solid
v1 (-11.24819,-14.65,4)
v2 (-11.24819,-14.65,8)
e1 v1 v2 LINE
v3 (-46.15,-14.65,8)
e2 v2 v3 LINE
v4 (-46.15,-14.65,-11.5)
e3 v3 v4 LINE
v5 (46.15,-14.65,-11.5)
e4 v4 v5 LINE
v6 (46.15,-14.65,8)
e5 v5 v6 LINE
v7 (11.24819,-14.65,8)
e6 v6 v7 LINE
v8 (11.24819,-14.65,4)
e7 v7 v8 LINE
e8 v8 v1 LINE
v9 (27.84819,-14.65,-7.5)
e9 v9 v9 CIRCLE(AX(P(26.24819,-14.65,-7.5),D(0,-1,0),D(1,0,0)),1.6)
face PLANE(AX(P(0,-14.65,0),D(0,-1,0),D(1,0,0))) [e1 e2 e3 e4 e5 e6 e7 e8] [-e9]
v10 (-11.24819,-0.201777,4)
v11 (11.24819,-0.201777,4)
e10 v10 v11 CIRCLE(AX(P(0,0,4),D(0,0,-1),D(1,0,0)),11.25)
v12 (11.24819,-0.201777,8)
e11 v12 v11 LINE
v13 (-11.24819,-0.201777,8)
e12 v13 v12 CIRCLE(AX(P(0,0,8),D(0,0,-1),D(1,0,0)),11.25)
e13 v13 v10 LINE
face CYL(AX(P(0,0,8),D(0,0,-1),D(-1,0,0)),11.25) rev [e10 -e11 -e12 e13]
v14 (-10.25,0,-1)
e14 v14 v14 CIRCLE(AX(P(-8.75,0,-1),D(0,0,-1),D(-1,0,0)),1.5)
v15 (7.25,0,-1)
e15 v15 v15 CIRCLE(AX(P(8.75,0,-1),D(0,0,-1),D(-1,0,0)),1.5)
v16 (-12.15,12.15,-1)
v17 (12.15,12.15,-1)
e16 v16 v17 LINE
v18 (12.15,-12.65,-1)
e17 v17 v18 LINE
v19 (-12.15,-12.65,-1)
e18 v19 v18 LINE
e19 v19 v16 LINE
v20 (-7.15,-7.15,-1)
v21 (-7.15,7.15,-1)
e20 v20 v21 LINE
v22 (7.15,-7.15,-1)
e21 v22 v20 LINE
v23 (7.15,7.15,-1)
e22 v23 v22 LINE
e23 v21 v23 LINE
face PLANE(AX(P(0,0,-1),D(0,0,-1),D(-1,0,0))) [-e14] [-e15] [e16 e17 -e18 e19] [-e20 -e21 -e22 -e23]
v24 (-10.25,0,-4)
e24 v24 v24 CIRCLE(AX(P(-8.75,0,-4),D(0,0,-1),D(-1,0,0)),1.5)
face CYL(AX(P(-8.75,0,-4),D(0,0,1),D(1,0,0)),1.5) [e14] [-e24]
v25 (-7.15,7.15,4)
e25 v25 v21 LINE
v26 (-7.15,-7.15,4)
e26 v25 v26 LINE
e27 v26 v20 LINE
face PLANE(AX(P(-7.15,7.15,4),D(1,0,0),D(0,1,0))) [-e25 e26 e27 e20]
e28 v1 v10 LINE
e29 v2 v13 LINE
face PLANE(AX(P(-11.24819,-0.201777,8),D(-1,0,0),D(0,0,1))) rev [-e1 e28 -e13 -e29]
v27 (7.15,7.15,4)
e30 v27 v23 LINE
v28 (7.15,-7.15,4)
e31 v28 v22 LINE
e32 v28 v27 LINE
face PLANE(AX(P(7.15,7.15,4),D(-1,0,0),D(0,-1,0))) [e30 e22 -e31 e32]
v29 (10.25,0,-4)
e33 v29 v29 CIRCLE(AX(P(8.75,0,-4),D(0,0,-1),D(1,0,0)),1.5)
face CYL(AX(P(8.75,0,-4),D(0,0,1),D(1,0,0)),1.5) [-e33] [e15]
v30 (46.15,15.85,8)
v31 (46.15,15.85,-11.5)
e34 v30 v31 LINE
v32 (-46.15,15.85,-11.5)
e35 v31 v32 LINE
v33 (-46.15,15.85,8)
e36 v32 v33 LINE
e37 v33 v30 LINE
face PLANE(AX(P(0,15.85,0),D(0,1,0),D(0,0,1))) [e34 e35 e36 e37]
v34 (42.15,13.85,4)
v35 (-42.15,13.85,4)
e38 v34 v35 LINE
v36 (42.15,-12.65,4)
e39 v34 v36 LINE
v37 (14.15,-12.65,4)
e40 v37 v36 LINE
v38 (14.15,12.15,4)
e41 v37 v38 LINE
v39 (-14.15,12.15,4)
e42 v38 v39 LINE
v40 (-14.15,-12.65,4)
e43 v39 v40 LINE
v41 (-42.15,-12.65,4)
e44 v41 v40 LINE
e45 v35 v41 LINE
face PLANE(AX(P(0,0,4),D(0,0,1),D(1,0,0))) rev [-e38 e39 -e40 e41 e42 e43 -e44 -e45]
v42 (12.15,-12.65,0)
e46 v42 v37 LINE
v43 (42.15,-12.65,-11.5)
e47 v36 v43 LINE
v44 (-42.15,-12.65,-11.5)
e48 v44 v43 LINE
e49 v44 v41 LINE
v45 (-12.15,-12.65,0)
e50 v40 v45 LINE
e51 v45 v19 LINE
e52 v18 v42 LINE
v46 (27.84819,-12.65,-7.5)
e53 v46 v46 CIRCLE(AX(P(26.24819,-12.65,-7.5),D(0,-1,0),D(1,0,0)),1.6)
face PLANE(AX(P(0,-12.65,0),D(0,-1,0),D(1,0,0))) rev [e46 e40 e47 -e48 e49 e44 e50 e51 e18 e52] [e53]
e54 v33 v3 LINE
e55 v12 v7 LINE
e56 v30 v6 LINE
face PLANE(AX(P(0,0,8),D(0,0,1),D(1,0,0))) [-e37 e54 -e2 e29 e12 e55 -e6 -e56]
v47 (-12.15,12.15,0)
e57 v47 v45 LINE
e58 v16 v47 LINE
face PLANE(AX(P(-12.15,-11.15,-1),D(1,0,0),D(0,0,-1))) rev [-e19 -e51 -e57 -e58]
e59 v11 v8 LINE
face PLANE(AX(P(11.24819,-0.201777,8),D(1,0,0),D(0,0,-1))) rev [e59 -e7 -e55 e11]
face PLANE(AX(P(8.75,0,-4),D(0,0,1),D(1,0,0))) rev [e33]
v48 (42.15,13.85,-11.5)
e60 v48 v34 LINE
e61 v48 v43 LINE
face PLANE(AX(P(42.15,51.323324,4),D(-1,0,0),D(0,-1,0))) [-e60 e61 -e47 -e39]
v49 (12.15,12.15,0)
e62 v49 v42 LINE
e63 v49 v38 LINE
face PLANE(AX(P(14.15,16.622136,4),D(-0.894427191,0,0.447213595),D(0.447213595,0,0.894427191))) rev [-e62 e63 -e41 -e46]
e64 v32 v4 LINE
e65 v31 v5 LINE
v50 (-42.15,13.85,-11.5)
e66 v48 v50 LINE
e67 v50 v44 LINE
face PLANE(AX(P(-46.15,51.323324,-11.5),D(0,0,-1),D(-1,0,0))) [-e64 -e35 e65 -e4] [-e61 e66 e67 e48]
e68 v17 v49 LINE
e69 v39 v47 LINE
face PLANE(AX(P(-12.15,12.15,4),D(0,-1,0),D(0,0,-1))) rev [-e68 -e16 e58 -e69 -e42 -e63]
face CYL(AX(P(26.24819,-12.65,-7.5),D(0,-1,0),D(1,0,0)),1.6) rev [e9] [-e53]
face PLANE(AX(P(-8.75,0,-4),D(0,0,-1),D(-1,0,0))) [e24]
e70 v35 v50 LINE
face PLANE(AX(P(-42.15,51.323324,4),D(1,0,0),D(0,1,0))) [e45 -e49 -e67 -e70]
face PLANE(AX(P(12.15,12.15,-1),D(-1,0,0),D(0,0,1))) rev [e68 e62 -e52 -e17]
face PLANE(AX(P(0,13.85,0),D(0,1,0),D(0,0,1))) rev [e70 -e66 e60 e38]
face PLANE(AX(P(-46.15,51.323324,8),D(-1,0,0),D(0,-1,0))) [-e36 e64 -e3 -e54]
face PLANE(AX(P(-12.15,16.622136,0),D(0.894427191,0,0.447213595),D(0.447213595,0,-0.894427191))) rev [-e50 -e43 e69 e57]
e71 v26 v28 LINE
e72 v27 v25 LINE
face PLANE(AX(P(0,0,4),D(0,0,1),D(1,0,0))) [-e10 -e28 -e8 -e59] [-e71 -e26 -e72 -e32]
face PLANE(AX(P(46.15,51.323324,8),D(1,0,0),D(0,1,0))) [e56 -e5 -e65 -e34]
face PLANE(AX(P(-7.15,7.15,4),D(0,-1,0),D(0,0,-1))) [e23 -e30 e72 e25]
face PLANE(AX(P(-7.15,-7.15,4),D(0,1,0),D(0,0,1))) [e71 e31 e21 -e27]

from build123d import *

# Parameters (mm, degrees)
SKETCH1_W                       = 24.3
SKETCH1_H                       = 24.3
SKETCH1_W_2                     = 14.3
SKETCH1_H_2                     = 14.3
BOSS_EXTRUDE1_DEPTH             = 4
SKETCH3_R                       = 1.5
BOSS_EXTRUDE4_DEPTH             = 4
BOSS_EXTRUDE5_DEPTH             = 4
BOSS_EXTRUDE6_REACH             = 23.355
BOSS_EXTRUDE6_DIRECTION_2_REACH = 23.355
CUT_EXTRUDE1_DEPTH              = 11
SKETCH7_W                       = 24.3
SKETCH7_H                       = 23.3
SKETCH7_W_2                     = 14.3
SKETCH7_H_2                     = 14.3
BOSS_EXTRUDE8_DEPTH             = 1
BOSS_EXTRUDE9_DEPTH             = 1.5
BOSS_EXTRUDE10_DEPTH            = 26.5
BOSS_EXTRUDE11_DEPTH            = 2
BOSS_EXTRUDE12_DEPTH            = 2
SKETCH12_R                      = 1.6
CUT_EXTRUDE2_DEPTH              = 2


with BuildPart() as part:
    # Sketch1 → Boss-Extrude1 (new body)
    with BuildSketch(Plane.XY):
        Rectangle(SKETCH1_W, SKETCH1_H)
        Rectangle(SKETCH1_W_2, SKETCH1_H_2, mode=Mode.SUBTRACT)
    extrude(amount=BOSS_EXTRUDE1_DEPTH)

    # Sketch3 → Boss-Extrude4 (add)
    with BuildSketch(Plane(origin=(0, 0, 0), x_dir=(-1, 0, 0), z_dir=(0, 0, -1))):
        with Locations(Location((8.75, 0, 0), (0, 0, 180))):
            Circle(SKETCH3_R)
        with Locations(Location((-8.75, 0, 0), (0, 0, 180))):
            Circle(SKETCH3_R)
    extrude(amount=BOSS_EXTRUDE4_DEPTH)

    # Sketch4 → Boss-Extrude5 (add)
    with BuildSketch(Plane.XY.offset(4)):
        with BuildLine():
            Line((11.248190336, -0.201777492), (11.248190336, -11.15))
            Line((11.248190336, -11.15), (14.15, -11.15))
            Line((14.15, -11.15), (14.15, 13.85))
            Line((14.15, 13.85), (-14.15, 13.85))
            Line((-14.15, 13.85), (-14.15, -11.15))
            Line((-14.15, -11.15), (-11.248190336, -11.15))
            Line((-11.248190336, -11.15), (-11.248190336, -0.201777492))
            ThreePointArc((-11.248190336, -0.201777492), (0, 11.25), (11.248190336, -0.201777492))
        make_face()
    extrude(amount=BOSS_EXTRUDE5_DEPTH)

    # Boss-Extrude6: up to this face of the body (flat: up to its plane)
    boss_extrude6_end = Plane(part.part.faces().sort_by_distance((0, 12.15, 2))[0])
    # Sketch5 → Boss-Extrude6 (add, up to the picked face)
    with BuildSketch(Plane(origin=(0, 0, 0), x_dir=(1, 0, 0), z_dir=(0, 1, 0)), mode=Mode.PRIVATE) as boss_extrude6_sk1:
        Polygon((-12.15, 0), (-14.15, -4), (-12.15, -4), align=None)
    boss_extrude6_tool1 = split(extrude(boss_extrude6_sk1.sketch, amount=BOSS_EXTRUDE6_REACH, mode=Mode.PRIVATE), bisect_by=boss_extrude6_end, keep=Keep.BOTH, mode=Mode.PRIVATE)
    # Sketch5 → Boss-Extrude6 (add, up to the picked face)
    with BuildSketch(Plane(origin=(0, 0, 0), x_dir=(1, 0, 0), z_dir=(0, 1, 0)), mode=Mode.PRIVATE) as boss_extrude6_sk2:
        Polygon((12.15, 0), (12.15, -4), (14.15, -4), align=None)
    boss_extrude6_tool2 = split(extrude(boss_extrude6_sk2.sketch, amount=BOSS_EXTRUDE6_REACH, mode=Mode.PRIVATE), bisect_by=boss_extrude6_end, keep=Keep.BOTH, mode=Mode.PRIVATE)
    add(boss_extrude6_tool1.solids().sort_by(Axis((-12.816667, 0, 2.666667), (0, 1, 0)))[0])
    add(boss_extrude6_tool2.solids().sort_by(Axis((12.816667, 0, 2.666667), (0, 1, 0)))[0])

    # Boss-Extrude6 direction 2: up to this face of the body (flat: up to its plane)
    boss_extrude6_direction_2_end = Plane(part.part.faces().sort_by_distance((12.699095168, -11.15, 6))[0])
    # Sketch5 → Boss-Extrude6 direction 2 (add, up to the picked face)
    with BuildSketch(Plane(origin=(0, 0, 0), x_dir=(1, 0, 0), z_dir=(0, 1, 0)), mode=Mode.PRIVATE) as boss_extrude6_direction_2_sk1:
        Polygon((-12.15, 0), (-14.15, -4), (-12.15, -4), align=None)
    boss_extrude6_direction_2_tool1 = split(extrude(boss_extrude6_direction_2_sk1.sketch, amount=-BOSS_EXTRUDE6_DIRECTION_2_REACH, mode=Mode.PRIVATE), bisect_by=boss_extrude6_direction_2_end, keep=Keep.BOTH, mode=Mode.PRIVATE)
    # Sketch5 → Boss-Extrude6 direction 2 (add, up to the picked face)
    with BuildSketch(Plane(origin=(0, 0, 0), x_dir=(1, 0, 0), z_dir=(0, 1, 0)), mode=Mode.PRIVATE) as boss_extrude6_direction_2_sk2:
        Polygon((12.15, 0), (12.15, -4), (14.15, -4), align=None)
    boss_extrude6_direction_2_tool2 = split(extrude(boss_extrude6_direction_2_sk2.sketch, amount=-BOSS_EXTRUDE6_DIRECTION_2_REACH, mode=Mode.PRIVATE), bisect_by=boss_extrude6_direction_2_end, keep=Keep.BOTH, mode=Mode.PRIVATE)
    add(boss_extrude6_direction_2_tool1.solids().sort_by(Axis((-12.816667, 0, 2.666667), (0, -1, 0)))[0])
    add(boss_extrude6_direction_2_tool2.solids().sort_by(Axis((12.816667, 0, 2.666667), (0, -1, 0)))[0])

    # Sketch6 → Cut-Extrude1 (cut)
    with BuildSketch(Plane.XY.offset(4)):
        Polygon((-14.15, -11.15), (-17.465023318, -11.15), (-17.465023318, -14.474968539), (16.848397365, -14.474968539), (16.848397365, -10.738940706), (14.15, -11.15), align=None)
    extrude(amount=-CUT_EXTRUDE1_DEPTH, mode=Mode.SUBTRACT)

    # Sketch7 → Boss-Extrude8 (add)
    with BuildSketch(Plane(origin=(0, 0, 0), x_dir=(-1, 0, 0), z_dir=(0, 0, -1))):
        with Locations((0, 0.5)):
            Rectangle(SKETCH7_W, SKETCH7_H)
        Rectangle(SKETCH7_W_2, SKETCH7_H_2, mode=Mode.SUBTRACT)
    extrude(amount=BOSS_EXTRUDE8_DEPTH)

    # Sketch8 → Boss-Extrude9 (add)
    with BuildSketch(Plane.XZ.offset(11.15)):
        Polygon((-14.15, 4), (-12.15, 0), (-12.15, -1), (12.15, -1), (12.15, 0), (14.15, 4), (14.15, 8), (11.248190336, 8), (11.248190336, 4), (-11.248190336, 4), (-11.248190336, 8), (-14.15, 8), align=None)
    extrude(amount=BOSS_EXTRUDE9_DEPTH)

    # Sketch9 → Boss-Extrude10 (add)
    with BuildSketch(Plane.XZ.offset(12.65)):
        Polygon((-42.15, 4), (-42.15, -11.5), (-46.15, -11.5), (-46.15, 8), (-14.15, 8), (-14.15, 4), align=None)
        Polygon((42.15, 4), (42.15, -11.5), (46.15, -11.5), (46.15, 8), (14.15, 8), (14.15, 4), align=None)
    extrude(amount=-BOSS_EXTRUDE10_DEPTH)

    # Sketch10 → Boss-Extrude11 (add)
    with BuildSketch(Plane(origin=(0, 13.85, 0), x_dir=(1, 0, 0), z_dir=(0, 1, 0))):
        Polygon((-42.15, 11.5), (-46.15, 11.5), (-46.15, -8), (46.15, -8), (46.15, 11.5), align=None)
    extrude(amount=BOSS_EXTRUDE11_DEPTH)

    # Sketch11 → Boss-Extrude12 (add)
    with BuildSketch(Plane.XZ.offset(12.65)):
        Polygon((-11.248190336, 8), (-46.15, 8), (-46.15, -11.5), (42.15, -11.5), (46.15, -11.5), (46.15, 8), (11.248190336, 8), (11.248190336, 4), (-11.248190336, 4), align=None)
    extrude(amount=BOSS_EXTRUDE12_DEPTH)

    # Sketch12 → Cut-Extrude2 (cut)
    with BuildSketch(Plane.XZ.offset(14.65)):
        with Locations((26.248190336, -7.5)):
            Circle(SKETCH12_R)
    extrude(amount=-CUT_EXTRUDE2_DEPTH, mode=Mode.SUBTRACT)


solid = part.part
